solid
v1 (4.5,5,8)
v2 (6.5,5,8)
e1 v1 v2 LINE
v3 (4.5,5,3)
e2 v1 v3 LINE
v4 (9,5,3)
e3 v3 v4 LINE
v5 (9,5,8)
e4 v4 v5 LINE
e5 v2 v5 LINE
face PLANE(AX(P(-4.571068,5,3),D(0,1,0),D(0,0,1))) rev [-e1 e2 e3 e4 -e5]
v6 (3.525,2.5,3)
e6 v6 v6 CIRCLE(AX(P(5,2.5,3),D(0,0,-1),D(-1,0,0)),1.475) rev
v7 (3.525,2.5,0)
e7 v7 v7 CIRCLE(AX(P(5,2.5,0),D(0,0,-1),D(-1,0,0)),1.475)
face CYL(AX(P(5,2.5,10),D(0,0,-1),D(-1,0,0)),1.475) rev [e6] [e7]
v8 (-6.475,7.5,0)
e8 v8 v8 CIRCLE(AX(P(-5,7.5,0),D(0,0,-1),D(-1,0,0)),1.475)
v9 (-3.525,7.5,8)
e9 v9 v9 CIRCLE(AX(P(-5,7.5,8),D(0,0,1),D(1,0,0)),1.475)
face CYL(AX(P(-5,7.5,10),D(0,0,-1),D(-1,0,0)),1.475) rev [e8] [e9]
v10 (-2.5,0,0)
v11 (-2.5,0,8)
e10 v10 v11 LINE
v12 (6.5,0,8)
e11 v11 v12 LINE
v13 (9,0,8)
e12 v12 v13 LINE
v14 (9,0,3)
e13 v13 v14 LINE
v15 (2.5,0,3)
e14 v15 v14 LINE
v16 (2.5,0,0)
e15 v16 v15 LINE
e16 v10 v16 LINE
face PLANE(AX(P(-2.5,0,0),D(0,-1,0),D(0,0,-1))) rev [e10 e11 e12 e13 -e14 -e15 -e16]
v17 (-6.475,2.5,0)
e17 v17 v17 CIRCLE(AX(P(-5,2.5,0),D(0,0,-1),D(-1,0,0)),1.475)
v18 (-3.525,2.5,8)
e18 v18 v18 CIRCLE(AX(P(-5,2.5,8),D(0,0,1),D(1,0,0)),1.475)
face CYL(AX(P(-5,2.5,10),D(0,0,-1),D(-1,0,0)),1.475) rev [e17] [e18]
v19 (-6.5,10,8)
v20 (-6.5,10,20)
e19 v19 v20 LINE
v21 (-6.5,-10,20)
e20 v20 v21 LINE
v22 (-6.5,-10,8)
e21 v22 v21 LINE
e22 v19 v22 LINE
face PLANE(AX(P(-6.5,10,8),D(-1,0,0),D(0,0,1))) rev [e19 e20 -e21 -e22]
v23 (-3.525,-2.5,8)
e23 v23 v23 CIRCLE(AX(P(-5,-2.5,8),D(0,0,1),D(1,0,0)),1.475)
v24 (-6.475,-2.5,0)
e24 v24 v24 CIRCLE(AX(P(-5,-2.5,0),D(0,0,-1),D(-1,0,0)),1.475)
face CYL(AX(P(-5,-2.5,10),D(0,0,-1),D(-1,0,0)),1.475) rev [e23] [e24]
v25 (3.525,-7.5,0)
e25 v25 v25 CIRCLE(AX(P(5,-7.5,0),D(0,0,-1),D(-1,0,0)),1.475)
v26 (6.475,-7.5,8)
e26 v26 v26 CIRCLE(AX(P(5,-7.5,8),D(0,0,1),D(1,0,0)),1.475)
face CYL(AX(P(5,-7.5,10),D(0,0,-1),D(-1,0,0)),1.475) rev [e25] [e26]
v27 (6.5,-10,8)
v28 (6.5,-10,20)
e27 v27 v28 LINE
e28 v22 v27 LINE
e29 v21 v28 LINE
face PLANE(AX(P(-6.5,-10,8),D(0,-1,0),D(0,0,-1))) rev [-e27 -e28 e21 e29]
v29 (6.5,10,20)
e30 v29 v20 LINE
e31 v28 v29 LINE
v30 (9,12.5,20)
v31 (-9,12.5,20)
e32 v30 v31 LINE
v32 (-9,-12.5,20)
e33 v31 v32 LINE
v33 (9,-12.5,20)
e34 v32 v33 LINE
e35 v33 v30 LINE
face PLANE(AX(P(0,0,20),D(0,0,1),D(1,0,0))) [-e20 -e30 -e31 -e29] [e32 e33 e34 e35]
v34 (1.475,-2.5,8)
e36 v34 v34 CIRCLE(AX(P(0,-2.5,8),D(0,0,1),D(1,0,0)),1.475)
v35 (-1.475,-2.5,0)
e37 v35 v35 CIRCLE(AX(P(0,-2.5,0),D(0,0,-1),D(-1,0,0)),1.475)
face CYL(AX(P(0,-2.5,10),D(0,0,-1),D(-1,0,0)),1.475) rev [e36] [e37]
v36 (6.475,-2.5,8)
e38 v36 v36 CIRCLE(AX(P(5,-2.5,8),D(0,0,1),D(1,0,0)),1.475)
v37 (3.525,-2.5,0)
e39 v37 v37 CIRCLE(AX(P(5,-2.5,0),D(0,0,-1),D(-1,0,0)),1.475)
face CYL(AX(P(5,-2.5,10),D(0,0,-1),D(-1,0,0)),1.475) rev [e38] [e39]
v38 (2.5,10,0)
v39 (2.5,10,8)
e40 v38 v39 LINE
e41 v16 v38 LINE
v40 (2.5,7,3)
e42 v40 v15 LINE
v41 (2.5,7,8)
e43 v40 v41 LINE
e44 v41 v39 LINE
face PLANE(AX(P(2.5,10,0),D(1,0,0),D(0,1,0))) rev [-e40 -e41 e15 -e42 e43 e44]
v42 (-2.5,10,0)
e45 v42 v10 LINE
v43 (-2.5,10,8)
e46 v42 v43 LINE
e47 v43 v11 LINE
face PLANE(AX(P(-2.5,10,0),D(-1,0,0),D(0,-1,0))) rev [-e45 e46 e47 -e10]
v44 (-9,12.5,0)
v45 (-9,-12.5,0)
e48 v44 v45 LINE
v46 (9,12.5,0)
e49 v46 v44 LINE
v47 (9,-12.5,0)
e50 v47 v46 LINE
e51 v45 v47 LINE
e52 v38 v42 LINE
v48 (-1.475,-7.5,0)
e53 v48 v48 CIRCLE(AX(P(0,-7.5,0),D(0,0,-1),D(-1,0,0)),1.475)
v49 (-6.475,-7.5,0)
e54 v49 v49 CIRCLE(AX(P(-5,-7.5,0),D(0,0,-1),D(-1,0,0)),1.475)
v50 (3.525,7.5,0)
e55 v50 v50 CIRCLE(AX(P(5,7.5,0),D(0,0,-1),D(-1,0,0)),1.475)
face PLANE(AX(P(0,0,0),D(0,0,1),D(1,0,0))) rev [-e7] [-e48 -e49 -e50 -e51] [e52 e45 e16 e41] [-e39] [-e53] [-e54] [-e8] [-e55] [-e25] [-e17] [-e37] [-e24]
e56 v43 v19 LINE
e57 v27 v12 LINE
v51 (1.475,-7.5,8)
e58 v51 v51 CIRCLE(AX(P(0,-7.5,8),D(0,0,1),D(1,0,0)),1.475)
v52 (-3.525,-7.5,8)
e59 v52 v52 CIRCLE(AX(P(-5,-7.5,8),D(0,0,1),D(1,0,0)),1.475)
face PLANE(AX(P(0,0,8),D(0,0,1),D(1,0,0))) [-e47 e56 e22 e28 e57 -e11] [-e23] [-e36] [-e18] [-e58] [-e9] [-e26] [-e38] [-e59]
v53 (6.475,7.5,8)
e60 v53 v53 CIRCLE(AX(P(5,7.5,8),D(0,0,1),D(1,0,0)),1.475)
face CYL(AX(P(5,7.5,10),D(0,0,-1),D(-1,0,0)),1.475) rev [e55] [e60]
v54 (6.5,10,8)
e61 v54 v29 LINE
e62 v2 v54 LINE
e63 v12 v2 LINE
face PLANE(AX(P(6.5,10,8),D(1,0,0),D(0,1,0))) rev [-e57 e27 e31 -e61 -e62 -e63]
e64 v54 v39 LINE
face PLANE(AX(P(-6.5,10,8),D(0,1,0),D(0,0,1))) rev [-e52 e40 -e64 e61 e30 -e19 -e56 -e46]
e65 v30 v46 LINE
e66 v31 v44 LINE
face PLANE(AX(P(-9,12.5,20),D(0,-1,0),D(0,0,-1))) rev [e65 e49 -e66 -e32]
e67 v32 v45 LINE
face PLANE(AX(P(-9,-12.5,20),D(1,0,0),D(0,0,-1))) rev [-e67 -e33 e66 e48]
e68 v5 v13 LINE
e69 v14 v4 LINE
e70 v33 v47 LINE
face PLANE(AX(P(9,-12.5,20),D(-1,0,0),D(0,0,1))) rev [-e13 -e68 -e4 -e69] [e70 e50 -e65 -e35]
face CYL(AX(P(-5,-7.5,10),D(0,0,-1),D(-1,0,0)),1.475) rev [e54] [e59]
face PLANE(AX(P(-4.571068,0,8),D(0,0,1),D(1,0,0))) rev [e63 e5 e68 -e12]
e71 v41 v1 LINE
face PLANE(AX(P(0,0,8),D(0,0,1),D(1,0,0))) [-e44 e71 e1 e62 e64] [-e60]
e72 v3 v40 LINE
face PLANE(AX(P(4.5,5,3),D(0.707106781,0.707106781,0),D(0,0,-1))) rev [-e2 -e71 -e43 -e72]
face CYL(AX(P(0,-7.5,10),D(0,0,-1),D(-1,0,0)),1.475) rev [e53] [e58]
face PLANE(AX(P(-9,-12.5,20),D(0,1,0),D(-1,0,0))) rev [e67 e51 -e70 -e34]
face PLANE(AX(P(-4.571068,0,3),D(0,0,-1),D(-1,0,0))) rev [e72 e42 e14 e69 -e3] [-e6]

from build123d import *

# Parameters (mm, degrees)
SKETCH1_W            = 25
SKETCH1_H            = 18
BOSS_EXTRUDE1_DEPTH  = 20
SKETCH2_W            = 13
SKETCH2_H            = 20
CUT_EXTRUDE1_DEPTH   = 12
SKETCH5_W            = 5
SKETCH5_H            = 10
CUT_EXTRUDE4_DEPTH   = 8
SKETCH3_R            = 1.475
CUT_EXTRUDE2_DEPTH   = 10
LPATTERN1_COUNT      = 3
LPATTERN1_PITCH      = 5
LPATTERN1_COUNT_DIR2 = 4
LPATTERN1_PITCH_DIR2 = 5
CUT_EXTRUDE3_REACH   = 31.669
SKETCH4_W            = 5
SKETCH4_H            = 5
CHAMFER1_SIZE        = 2


with BuildPart() as part:
    # Sketch1 → Boss-Extrude1 (new body)
    with BuildSketch(Plane(origin=(0, 0, 0), x_dir=(0, 1, 0), z_dir=(0, 0, 1))):
        Rectangle(SKETCH1_W, SKETCH1_H)
    extrude(amount=BOSS_EXTRUDE1_DEPTH)

    # Sketch2 → Cut-Extrude1 (cut)
    with BuildSketch(Plane.XY.offset(20)):
        Rectangle(SKETCH2_W, SKETCH2_H)
    extrude(amount=-CUT_EXTRUDE1_DEPTH, mode=Mode.SUBTRACT)

    # Sketch5 → Cut-Extrude4 (cut)
    with BuildSketch(Plane.XY.offset(8)):
        with Locations((0, 5)):
            Rectangle(SKETCH5_W, SKETCH5_H)
    extrude(amount=-CUT_EXTRUDE4_DEPTH, mode=Mode.SUBTRACT)

    # Sketch3 → Cut-Extrude2 (cut)
    with BuildSketch(Plane(origin=(0, 0, 0), x_dir=(1, 0, 0), z_dir=(0, 0, -1))):
        with Locations(Location((-5, 7.5, 0), (0, 0, 180))):
            Circle(SKETCH3_R)
    cut_extrude2 = extrude(amount=-CUT_EXTRUDE2_DEPTH, mode=Mode.SUBTRACT)

    # LPattern1: Cut-Extrude2 3 × 4, 2 skipped
    with Locations(*[(i * LPATTERN1_PITCH, j * LPATTERN1_PITCH_DIR2, 0) for i in range(LPATTERN1_COUNT) for j in range(LPATTERN1_COUNT_DIR2) if (i, j) not in ((0, 0), (1, 2), (1, 3))]):
        add(cut_extrude2, mode=Mode.SUBTRACT)

    # Cut-Extrude3: up to this face of the body (flat: up to its plane)
    cut_extrude3_end = Plane(part.part.faces().sort_by_distance((2.5, 5, 4))[0])
    # Sketch4 → Cut-Extrude3 (cut, up to the picked face)
    with BuildSketch(Plane.YZ.offset(9), mode=Mode.PRIVATE) as cut_extrude3_sk1:
        with Locations((2.5, 5.5)):
            Rectangle(SKETCH4_W, SKETCH4_H)
    cut_extrude3_tool1 = split(extrude(cut_extrude3_sk1.sketch, amount=-CUT_EXTRUDE3_REACH, mode=Mode.PRIVATE), bisect_by=cut_extrude3_end, keep=Keep.BOTH, mode=Mode.PRIVATE)
    add(cut_extrude3_tool1.solids().sort_by(Axis((9, 2.5, 5.5), (-1, 0, 0)))[0], mode=Mode.SUBTRACT)

    # Chamfer1
    chamfer1_edges = [part.edges().sort_by_distance(p)[0] for p in [
        (2.5, 5, 5.5),
    ]]
    chamfer(chamfer1_edges, length=CHAMFER1_SIZE)


solid = part.part
